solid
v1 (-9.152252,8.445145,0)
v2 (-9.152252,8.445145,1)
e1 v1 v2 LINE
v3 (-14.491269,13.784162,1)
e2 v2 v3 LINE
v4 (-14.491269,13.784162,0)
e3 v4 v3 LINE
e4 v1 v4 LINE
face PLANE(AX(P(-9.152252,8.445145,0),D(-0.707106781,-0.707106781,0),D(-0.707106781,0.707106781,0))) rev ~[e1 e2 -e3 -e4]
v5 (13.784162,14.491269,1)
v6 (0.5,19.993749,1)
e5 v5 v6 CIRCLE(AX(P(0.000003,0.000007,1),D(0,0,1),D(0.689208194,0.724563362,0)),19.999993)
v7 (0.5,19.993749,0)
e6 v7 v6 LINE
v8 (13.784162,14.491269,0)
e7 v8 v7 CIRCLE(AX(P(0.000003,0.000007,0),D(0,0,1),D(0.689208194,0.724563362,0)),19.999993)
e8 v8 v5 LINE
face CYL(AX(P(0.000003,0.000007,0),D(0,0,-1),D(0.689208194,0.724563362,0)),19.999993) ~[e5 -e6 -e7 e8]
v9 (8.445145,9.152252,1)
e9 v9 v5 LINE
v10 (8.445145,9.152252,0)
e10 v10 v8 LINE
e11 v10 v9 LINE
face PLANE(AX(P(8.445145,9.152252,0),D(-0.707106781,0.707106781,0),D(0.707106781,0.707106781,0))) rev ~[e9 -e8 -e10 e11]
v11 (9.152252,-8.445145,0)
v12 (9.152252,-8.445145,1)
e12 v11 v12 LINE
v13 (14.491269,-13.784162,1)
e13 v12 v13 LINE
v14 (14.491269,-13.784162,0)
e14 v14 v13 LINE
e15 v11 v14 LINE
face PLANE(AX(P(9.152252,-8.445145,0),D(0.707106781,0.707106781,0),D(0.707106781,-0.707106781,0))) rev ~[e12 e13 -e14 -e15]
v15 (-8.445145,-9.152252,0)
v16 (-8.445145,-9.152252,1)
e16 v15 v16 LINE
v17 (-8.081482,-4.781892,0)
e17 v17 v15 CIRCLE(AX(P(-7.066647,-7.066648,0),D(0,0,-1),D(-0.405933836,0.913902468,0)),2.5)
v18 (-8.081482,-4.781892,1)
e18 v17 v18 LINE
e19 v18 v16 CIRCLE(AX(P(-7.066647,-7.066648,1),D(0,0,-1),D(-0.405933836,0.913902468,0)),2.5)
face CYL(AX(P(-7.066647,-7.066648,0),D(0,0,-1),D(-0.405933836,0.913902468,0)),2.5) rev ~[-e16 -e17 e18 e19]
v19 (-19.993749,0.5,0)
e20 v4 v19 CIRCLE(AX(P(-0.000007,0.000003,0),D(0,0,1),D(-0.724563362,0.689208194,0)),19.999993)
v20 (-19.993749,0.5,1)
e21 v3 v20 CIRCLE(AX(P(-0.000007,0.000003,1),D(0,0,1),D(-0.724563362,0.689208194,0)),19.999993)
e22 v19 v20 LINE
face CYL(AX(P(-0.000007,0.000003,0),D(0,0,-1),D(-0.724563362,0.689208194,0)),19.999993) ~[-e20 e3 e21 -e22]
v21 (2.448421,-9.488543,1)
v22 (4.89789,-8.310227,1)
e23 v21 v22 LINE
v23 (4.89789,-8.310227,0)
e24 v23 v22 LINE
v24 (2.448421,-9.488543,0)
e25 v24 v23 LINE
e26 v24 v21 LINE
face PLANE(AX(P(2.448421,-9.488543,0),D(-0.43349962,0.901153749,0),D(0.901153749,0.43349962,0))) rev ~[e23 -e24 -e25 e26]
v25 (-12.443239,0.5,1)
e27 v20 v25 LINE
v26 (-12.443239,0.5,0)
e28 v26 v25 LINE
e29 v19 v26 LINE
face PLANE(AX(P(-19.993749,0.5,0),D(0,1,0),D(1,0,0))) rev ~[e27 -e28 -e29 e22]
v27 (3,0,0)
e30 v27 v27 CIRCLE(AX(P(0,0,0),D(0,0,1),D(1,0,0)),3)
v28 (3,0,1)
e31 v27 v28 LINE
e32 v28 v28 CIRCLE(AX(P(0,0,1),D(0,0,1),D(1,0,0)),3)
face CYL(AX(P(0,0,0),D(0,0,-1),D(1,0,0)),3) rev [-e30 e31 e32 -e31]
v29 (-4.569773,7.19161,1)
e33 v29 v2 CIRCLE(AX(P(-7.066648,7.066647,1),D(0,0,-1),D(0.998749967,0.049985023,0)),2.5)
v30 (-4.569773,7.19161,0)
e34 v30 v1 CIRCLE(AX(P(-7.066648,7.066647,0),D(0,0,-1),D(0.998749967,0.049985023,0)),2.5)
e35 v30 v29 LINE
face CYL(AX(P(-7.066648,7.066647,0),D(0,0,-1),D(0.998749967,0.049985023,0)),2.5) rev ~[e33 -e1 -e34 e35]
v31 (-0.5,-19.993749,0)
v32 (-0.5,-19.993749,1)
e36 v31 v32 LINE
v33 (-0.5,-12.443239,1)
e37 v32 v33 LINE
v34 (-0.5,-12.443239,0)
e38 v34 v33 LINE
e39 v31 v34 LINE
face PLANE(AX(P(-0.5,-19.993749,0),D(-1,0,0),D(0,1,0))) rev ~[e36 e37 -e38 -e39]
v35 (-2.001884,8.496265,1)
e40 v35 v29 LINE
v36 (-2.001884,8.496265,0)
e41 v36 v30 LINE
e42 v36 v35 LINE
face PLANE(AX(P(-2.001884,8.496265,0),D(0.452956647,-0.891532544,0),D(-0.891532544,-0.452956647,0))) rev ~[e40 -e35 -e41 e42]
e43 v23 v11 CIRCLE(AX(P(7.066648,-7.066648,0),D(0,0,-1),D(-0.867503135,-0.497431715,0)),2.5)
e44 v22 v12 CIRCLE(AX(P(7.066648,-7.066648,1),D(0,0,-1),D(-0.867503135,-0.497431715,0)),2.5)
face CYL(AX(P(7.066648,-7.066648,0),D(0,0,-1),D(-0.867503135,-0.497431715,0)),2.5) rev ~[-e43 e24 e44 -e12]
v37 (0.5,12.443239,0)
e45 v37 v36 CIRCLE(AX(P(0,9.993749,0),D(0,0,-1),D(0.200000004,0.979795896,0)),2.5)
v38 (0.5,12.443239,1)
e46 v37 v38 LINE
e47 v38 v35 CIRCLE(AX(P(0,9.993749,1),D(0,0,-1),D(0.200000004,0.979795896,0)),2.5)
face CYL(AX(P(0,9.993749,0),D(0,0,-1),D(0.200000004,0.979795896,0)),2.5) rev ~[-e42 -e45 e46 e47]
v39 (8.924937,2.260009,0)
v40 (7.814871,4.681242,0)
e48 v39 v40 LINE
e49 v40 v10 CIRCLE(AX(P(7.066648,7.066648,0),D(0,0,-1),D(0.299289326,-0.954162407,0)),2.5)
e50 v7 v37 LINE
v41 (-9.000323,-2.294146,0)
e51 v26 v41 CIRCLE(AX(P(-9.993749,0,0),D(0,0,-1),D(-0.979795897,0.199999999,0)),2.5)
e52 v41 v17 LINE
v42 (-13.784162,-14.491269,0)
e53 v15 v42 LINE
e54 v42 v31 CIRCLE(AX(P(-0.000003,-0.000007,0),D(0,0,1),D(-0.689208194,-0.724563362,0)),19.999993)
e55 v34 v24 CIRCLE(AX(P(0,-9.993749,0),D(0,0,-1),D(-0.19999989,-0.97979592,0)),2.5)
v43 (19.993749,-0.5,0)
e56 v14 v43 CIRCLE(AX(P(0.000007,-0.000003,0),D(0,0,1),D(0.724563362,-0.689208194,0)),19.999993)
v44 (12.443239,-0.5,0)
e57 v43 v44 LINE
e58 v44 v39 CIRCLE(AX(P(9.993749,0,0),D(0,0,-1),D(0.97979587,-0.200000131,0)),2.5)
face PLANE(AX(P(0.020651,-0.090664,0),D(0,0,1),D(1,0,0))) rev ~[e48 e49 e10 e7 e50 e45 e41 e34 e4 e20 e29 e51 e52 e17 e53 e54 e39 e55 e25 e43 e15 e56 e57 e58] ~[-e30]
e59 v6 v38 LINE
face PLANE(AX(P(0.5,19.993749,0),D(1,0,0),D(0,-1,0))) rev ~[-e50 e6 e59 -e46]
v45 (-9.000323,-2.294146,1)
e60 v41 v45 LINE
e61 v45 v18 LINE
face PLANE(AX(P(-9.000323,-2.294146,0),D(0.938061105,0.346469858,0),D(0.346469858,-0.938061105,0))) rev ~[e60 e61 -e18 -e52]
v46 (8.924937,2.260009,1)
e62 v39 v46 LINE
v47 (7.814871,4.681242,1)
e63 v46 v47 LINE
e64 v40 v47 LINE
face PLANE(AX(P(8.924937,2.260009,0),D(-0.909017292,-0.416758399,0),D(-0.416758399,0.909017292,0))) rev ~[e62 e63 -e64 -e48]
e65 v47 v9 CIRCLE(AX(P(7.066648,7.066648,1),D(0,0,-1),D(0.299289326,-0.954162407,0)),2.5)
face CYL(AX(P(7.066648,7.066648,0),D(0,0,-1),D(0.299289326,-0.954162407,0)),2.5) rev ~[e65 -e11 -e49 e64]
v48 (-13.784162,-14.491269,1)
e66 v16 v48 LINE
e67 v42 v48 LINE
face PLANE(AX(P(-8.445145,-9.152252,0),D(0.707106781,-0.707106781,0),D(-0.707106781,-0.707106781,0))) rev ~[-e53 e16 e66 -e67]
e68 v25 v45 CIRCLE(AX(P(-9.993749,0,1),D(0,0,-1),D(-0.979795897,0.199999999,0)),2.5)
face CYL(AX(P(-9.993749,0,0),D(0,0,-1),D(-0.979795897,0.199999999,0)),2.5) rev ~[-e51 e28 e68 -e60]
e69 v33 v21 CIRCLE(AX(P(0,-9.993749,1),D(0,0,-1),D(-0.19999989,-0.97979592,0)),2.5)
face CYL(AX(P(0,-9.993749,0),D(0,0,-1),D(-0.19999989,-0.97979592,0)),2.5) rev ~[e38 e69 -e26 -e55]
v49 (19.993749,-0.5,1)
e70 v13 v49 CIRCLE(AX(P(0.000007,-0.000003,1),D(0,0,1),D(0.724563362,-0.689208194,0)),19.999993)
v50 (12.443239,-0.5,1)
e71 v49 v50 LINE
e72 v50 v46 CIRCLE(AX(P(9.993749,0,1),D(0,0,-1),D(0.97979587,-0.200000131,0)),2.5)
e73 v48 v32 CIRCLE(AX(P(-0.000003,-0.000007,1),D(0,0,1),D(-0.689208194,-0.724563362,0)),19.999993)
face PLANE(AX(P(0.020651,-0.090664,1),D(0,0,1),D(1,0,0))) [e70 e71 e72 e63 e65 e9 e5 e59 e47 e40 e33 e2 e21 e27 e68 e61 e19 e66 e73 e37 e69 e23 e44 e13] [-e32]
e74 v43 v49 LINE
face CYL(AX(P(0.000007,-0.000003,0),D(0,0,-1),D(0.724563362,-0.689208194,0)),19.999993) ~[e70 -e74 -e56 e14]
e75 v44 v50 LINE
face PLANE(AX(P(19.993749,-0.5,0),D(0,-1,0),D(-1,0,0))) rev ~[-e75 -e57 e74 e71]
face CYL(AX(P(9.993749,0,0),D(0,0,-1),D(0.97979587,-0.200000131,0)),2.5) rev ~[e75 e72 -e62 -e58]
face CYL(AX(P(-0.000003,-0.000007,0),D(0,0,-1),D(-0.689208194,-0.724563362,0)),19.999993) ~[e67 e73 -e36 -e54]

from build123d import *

# Parameters (mm, degrees)
F0_R     = 3
F1_DEPTH = 1


with BuildPart() as f1:
    # F0 (on Top) → F1 (new body)
    with BuildSketch(Plane.XY):
        with BuildLine():
            ThreePointArc((14.491269, -13.784162), (18.477591, -7.653669), (19.993749, -0.5))
            Line((19.993749, -0.5), (12.443239, -0.5))
            ThreePointArc((12.443239, -0.5), (8.450707, -1.966982), (8.924937, 2.260009))
            Line((8.924937, 2.260009), (7.814871, 4.681242))
            ThreePointArc((7.814871, 4.681242), (4.591124, 7.41562), (8.445145, 9.152252))
            Line((8.445145, 9.152252), (13.784162, 14.491269))
            ThreePointArc((13.784162, 14.491269), (7.653669, 18.477591), (0.5, 19.993749))
            Line((0.5, 19.993749), (0.5, 12.443239))
            ThreePointArc((0.5, 12.443239), (2.111531, 8.655304), (-2.001884, 8.496265))
            Line((-2.001884, 8.496265), (-4.569773, 7.19161))
            ThreePointArc((-4.569773, 7.19161), (-7.726287, 4.655242), (-9.152252, 8.445145))
            Line((-9.152252, 8.445145), (-14.491269, 13.784162))
            ThreePointArc((-14.491269, 13.784162), (-18.477591, 7.653669), (-19.993749, 0.5))
            Line((-19.993749, 0.5), (-12.443239, 0.5))
            ThreePointArc((-12.443239, 0.5), (-8.418362, 1.941174), (-9.000323, -2.294146))
            Line((-9.000323, -2.294146), (-8.081482, -4.781892))
            ThreePointArc((-8.081482, -4.781892), (-4.575258, -7.273959), (-8.445145, -9.152252))
            Line((-8.445145, -9.152252), (-13.784162, -14.491269))
            ThreePointArc((-13.784162, -14.491269), (-7.653669, -18.477591), (-0.5, -19.993749))
            Line((-0.5, -19.993749), (-0.5, -12.443239))
            ThreePointArc((-0.5, -12.443239), (-1.769645, -8.227862), (2.448421, -9.488543))
            Line((2.448421, -9.488543), (4.89789, -8.310227))
            ThreePointArc((4.89789, -8.310227), (7.14589, -4.567904), (9.152252, -8.445145))
            Line((9.152252, -8.445145), (14.491269, -13.784162))
        make_face()
        Circle(F0_R, mode=Mode.SUBTRACT)
    extrude(amount=F1_DEPTH)


solid = f1.part
